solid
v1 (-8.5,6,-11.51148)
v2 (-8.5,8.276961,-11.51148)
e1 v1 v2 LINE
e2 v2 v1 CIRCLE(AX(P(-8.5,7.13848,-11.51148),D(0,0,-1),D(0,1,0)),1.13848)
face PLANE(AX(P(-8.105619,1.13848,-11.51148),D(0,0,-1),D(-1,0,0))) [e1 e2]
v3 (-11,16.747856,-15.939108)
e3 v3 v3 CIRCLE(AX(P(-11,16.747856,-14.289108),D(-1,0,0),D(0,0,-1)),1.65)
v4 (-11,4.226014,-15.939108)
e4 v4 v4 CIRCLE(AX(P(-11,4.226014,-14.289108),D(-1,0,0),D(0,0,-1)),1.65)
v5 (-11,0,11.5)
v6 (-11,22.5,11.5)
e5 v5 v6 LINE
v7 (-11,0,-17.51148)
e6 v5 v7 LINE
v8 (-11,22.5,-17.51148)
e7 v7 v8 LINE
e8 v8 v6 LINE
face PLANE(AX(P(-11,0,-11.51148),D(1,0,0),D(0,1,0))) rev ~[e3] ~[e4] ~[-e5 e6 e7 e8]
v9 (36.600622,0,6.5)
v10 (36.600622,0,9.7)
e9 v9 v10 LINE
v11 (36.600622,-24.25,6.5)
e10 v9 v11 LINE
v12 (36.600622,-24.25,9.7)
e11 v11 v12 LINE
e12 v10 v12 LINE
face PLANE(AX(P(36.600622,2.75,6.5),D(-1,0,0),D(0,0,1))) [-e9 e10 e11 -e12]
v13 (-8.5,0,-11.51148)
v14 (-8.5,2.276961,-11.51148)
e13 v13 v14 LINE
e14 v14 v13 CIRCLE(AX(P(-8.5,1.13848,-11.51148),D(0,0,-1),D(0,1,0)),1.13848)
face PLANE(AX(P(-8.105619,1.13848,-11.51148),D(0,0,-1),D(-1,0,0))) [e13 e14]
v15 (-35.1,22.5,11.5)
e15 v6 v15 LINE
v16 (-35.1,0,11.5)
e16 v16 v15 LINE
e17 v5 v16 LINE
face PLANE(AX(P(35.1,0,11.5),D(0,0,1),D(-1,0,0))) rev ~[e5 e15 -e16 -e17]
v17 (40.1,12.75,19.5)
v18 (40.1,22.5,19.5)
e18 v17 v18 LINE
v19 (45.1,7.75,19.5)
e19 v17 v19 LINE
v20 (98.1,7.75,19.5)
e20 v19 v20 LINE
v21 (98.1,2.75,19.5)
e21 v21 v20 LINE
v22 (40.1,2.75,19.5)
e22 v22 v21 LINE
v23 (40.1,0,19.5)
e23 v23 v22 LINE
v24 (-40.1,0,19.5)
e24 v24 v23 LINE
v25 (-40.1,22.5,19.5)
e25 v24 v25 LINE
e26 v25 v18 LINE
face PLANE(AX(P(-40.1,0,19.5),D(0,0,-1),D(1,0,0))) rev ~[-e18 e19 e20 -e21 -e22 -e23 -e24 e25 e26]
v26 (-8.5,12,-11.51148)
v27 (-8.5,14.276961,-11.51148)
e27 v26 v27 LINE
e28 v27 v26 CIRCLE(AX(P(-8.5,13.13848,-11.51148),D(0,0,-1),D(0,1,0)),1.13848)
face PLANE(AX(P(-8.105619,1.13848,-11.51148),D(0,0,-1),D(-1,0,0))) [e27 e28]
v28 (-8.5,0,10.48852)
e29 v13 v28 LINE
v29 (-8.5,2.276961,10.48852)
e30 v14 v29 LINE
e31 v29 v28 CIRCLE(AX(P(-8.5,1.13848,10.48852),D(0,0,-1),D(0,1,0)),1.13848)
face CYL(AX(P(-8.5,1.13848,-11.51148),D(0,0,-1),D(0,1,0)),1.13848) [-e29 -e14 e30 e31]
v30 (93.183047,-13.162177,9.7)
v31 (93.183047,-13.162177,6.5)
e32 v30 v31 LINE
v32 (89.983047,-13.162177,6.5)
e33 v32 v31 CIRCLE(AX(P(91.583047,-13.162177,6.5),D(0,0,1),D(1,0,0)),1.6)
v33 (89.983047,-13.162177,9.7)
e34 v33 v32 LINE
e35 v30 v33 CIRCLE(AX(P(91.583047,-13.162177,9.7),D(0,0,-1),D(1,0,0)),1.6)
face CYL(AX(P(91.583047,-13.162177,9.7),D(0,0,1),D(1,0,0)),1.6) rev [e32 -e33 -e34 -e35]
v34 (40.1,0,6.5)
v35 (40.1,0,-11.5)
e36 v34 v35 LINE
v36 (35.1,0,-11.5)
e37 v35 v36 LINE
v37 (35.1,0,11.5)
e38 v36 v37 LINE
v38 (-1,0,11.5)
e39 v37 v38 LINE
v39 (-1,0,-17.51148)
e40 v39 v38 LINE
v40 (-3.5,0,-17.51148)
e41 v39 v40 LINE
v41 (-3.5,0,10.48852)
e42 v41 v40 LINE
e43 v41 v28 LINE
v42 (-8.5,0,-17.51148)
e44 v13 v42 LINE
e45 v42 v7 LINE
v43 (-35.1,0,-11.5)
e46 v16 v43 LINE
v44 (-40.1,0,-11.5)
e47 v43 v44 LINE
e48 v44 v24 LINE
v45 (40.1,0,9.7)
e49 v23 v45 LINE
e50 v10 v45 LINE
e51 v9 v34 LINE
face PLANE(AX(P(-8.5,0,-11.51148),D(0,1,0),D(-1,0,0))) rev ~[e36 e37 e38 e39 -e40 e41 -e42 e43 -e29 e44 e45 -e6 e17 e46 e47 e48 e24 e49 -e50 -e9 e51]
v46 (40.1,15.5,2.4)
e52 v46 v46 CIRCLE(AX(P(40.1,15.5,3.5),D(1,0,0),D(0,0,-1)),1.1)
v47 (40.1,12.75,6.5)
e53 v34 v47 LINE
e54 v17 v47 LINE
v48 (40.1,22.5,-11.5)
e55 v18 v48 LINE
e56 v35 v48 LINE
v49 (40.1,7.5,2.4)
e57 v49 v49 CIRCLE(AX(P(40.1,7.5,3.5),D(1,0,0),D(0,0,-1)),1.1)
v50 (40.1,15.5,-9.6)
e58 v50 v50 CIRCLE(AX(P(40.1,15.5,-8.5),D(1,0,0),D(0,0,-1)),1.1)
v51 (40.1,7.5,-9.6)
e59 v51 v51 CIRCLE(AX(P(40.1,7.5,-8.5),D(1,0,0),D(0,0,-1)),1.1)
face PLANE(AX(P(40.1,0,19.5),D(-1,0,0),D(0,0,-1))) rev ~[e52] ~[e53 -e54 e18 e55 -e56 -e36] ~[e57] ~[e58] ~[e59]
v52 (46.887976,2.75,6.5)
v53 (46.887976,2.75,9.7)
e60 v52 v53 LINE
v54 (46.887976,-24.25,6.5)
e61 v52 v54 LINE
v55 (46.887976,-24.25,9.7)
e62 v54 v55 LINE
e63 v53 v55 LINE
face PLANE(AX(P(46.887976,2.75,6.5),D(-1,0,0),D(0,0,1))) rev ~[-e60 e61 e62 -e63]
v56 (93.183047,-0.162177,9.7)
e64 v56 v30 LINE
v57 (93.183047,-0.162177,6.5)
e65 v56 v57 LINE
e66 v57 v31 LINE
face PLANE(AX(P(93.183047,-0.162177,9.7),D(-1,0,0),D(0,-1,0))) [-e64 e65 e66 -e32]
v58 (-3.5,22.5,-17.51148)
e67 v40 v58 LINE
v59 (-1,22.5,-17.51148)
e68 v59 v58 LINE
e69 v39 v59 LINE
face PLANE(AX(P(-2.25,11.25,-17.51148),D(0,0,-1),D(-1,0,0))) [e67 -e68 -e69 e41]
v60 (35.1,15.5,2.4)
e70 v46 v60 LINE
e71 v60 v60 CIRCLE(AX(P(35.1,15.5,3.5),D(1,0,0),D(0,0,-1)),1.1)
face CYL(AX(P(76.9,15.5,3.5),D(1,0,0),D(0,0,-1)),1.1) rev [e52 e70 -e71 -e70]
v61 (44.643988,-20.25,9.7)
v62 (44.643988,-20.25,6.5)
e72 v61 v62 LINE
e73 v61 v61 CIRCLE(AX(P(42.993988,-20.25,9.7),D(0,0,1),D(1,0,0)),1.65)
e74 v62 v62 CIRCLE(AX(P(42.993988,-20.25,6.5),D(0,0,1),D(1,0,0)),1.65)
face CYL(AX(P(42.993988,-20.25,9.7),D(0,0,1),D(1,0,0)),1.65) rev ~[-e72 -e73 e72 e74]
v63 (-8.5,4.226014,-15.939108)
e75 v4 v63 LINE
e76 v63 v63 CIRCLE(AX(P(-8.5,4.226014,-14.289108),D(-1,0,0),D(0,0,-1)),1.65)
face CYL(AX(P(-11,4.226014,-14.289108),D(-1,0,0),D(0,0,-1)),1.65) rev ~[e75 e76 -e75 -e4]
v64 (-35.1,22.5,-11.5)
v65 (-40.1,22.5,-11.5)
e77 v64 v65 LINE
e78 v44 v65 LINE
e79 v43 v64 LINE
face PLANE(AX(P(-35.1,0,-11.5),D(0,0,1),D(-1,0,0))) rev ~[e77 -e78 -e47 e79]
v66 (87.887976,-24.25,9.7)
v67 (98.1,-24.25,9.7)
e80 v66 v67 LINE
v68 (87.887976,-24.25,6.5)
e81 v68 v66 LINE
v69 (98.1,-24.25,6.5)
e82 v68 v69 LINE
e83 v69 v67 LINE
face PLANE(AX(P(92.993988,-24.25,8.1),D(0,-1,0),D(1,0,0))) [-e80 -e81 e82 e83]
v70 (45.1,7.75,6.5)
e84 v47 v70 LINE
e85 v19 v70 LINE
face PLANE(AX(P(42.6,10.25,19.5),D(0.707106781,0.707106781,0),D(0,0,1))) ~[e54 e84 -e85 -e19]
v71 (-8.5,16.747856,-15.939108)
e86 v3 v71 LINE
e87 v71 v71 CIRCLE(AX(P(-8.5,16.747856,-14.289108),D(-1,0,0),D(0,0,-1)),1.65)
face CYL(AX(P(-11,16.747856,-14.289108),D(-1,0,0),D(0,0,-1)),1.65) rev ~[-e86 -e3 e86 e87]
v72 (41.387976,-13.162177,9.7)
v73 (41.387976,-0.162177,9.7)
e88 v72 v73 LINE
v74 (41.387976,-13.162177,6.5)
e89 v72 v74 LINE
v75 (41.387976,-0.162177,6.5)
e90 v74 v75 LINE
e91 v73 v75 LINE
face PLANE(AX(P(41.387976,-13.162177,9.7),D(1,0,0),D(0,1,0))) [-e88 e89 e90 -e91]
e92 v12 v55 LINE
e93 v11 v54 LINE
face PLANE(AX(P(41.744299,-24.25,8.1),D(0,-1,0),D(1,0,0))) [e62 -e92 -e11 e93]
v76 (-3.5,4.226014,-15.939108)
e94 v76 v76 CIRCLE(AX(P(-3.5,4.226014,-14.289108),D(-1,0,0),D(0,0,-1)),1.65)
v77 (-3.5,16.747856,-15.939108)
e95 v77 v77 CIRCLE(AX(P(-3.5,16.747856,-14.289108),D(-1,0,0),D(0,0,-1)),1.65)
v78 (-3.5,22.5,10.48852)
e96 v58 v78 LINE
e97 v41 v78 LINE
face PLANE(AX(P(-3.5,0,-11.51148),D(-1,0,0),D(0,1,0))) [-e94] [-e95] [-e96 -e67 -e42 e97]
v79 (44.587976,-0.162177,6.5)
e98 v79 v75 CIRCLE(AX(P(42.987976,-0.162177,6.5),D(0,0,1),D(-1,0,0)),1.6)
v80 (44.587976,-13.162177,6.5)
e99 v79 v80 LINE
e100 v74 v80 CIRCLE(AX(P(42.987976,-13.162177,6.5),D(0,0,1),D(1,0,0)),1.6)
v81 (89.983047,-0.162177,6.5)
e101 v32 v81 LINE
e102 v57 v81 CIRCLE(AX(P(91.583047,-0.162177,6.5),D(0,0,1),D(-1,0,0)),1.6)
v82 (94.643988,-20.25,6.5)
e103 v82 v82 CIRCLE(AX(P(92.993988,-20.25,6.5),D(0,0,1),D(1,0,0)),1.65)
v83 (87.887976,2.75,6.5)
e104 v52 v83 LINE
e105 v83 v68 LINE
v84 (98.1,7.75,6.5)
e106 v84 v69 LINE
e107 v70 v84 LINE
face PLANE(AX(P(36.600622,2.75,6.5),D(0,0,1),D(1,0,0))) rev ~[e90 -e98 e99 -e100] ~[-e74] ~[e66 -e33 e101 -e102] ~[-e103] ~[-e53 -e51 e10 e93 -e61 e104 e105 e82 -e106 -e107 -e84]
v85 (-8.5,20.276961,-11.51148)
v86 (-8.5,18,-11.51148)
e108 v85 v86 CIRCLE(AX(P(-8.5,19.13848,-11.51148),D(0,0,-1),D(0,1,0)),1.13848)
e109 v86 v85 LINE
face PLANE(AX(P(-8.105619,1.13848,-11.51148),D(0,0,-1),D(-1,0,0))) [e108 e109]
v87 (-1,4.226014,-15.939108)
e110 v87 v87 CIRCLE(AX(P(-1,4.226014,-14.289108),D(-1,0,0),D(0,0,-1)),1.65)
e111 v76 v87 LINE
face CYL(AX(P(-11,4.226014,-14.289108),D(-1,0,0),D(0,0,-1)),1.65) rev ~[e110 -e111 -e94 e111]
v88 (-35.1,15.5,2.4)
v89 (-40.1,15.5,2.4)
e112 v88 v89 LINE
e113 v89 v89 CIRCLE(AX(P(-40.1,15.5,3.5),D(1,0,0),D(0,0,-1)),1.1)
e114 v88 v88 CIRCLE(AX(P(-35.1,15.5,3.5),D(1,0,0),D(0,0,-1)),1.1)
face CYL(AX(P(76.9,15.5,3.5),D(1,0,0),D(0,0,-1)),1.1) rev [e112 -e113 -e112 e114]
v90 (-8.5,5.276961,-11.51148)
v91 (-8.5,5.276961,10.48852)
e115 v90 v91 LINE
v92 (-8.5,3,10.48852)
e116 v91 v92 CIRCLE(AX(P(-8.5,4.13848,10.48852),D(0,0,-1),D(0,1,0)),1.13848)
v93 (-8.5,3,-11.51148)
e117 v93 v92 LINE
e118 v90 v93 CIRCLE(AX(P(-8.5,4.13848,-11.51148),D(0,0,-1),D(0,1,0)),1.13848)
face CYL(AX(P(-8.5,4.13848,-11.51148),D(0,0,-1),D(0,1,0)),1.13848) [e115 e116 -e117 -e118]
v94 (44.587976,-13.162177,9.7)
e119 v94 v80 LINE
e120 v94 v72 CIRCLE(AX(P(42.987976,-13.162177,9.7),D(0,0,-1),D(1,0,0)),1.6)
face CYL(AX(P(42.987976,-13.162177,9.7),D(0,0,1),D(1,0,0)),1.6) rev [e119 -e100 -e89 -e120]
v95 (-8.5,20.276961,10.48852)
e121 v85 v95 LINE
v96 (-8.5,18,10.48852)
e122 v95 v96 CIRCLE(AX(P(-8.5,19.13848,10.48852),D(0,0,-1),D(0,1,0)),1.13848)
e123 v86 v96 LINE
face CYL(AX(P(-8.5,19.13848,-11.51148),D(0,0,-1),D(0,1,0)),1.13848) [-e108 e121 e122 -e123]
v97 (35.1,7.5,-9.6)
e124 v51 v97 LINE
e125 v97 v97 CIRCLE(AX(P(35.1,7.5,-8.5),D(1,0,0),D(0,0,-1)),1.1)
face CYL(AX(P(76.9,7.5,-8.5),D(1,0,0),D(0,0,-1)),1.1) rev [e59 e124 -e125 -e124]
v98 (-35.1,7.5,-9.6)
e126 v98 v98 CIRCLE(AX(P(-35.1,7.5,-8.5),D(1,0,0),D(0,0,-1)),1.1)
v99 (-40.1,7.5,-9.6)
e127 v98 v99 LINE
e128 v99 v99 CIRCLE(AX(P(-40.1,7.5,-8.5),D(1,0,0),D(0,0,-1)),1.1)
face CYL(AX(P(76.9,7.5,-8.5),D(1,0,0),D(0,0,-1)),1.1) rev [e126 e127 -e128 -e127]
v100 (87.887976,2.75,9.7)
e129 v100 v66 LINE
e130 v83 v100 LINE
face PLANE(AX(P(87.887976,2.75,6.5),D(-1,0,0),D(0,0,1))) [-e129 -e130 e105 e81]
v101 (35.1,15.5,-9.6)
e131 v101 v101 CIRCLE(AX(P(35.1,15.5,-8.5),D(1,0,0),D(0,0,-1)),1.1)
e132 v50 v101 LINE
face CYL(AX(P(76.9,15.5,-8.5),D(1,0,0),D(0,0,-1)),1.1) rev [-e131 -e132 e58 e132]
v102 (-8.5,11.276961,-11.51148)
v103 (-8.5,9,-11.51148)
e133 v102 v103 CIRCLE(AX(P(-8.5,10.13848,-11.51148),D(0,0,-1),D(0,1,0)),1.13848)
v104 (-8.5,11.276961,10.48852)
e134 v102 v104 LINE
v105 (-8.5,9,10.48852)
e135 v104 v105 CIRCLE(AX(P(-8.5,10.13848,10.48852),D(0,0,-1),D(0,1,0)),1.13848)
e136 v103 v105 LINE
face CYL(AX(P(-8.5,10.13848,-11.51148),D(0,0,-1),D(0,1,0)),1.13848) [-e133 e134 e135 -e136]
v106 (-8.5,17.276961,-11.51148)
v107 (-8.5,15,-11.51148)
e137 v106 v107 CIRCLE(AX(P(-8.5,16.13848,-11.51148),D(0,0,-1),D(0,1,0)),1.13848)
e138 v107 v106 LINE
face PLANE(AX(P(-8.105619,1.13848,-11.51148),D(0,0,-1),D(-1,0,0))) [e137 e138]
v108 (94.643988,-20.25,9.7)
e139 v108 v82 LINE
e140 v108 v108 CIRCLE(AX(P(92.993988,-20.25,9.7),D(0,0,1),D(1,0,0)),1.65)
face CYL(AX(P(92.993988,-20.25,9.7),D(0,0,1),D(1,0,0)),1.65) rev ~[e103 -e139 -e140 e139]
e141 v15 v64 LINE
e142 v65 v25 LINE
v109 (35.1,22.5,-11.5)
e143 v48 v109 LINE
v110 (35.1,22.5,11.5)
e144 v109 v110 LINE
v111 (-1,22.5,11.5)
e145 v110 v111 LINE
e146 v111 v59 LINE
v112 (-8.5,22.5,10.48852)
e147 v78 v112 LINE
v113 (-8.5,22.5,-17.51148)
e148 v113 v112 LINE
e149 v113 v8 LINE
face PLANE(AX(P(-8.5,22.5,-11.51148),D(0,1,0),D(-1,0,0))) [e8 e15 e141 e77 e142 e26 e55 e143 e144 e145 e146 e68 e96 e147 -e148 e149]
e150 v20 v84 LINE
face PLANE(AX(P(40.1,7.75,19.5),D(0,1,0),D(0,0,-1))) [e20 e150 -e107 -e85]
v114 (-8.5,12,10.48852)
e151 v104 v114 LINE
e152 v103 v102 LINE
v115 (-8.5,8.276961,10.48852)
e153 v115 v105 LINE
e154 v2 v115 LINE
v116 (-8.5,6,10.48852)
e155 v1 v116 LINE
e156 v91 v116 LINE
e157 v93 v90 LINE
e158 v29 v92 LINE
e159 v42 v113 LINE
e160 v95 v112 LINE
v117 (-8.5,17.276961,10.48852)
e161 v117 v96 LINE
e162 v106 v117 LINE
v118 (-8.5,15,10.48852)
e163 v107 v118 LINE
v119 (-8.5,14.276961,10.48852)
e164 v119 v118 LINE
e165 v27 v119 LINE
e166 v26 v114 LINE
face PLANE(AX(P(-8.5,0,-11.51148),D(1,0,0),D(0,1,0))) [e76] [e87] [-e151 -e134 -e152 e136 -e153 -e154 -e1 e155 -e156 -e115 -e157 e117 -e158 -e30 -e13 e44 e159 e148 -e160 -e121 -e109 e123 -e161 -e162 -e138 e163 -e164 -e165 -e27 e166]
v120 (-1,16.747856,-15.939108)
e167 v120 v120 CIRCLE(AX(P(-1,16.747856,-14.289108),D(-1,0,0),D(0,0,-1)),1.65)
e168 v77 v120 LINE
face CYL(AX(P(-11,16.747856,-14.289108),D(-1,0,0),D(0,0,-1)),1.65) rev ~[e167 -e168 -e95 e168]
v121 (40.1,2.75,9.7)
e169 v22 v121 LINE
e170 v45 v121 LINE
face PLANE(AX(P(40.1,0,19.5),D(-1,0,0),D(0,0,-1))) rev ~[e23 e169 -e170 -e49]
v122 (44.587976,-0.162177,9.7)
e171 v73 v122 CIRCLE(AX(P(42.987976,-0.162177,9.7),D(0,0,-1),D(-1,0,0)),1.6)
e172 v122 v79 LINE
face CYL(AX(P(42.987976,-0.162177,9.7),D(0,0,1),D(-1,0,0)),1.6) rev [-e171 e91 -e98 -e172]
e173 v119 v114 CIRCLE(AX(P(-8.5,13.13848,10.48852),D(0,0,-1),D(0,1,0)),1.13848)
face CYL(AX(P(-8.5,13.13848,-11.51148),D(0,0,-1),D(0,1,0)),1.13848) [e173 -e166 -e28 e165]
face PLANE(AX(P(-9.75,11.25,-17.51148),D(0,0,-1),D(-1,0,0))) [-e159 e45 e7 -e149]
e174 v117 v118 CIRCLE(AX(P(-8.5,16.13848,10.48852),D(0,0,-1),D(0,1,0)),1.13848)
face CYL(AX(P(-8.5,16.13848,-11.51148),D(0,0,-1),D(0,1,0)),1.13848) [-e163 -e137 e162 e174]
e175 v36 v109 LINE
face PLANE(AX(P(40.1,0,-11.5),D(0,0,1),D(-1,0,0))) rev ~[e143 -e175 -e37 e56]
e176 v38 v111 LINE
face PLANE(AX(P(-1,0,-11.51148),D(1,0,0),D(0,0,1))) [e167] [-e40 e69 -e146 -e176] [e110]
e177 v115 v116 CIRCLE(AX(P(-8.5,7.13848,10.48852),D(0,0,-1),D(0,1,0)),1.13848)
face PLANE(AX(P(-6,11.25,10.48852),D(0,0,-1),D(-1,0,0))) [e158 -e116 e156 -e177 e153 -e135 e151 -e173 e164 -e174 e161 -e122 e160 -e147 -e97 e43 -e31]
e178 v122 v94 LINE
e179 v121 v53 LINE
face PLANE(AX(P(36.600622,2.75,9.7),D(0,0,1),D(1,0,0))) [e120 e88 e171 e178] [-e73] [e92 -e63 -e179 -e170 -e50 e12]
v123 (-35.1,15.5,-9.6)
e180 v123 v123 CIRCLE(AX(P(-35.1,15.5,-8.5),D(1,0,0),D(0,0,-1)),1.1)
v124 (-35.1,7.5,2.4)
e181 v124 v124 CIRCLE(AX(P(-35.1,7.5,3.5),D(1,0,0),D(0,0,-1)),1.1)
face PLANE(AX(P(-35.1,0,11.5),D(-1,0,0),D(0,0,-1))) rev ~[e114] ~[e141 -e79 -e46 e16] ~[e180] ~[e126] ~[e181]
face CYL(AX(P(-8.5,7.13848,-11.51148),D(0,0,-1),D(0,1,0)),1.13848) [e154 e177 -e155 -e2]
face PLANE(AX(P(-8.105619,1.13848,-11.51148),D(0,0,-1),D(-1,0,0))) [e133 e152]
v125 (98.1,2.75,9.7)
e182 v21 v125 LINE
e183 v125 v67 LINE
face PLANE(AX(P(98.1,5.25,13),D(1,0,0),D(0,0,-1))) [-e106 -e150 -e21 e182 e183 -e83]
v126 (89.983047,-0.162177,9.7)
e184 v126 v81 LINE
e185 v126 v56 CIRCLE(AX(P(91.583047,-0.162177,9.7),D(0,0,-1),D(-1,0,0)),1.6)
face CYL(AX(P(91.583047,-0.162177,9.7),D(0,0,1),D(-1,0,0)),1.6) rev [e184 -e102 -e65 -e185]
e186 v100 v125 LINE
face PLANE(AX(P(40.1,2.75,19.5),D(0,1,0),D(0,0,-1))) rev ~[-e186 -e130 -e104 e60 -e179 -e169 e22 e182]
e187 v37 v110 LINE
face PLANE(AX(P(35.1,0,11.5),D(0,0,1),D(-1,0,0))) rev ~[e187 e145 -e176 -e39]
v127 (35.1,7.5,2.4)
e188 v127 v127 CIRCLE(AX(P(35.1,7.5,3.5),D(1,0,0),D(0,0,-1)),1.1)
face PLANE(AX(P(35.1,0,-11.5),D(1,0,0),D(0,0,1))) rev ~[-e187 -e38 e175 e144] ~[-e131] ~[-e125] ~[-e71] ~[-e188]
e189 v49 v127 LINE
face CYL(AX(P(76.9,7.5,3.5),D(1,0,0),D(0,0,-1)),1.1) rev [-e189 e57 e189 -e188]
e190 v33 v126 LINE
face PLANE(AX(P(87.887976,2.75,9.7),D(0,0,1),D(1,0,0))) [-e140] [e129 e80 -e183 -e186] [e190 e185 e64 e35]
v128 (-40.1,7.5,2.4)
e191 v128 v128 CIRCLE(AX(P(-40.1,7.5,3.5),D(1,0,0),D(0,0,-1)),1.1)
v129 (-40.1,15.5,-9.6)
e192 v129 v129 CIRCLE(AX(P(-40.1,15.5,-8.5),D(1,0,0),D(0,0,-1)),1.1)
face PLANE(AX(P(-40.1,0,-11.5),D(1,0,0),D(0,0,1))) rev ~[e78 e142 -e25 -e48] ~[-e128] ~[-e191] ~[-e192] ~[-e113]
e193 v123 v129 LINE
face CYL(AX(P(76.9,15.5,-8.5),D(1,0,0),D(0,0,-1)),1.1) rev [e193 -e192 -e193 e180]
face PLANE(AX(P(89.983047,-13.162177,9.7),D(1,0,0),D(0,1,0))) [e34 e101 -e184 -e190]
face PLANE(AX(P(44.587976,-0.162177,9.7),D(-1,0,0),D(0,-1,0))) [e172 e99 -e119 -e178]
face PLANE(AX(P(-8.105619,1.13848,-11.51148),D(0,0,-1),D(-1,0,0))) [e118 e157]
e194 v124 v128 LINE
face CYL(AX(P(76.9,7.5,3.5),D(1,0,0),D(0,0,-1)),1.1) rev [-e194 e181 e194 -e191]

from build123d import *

# Parameters (mm, degrees)
EXTRUDE_1_DEPTH          = 22.5
CUT_EXTRUDE_1_DEPTH      = 55
CUT_EXTRUDE_1_DEPTH_BACK = 117
SKETCH_2_R               = 1.1
SKETCH_5_W               = 13
SKETCH_5_H               = 5
EXTRUDE_4_DEPTH          = 58
CHAMFER_1_SIZE           = 5
SKETCH_6_W               = 10.28735427
SKETCH_6_H               = 3.2
SKETCH_6_W_2             = 10.2120241
EXTRUDE_5_DEPTH          = 27
CUT_EXTRUDE_2_DEPTH      = 27
SKETCH_8_R               = 1.65
CUT_EXTRUDE_3_DEPTH      = 27
SKETCH_11_W              = 10
SKETCH_11_H              = 23.011480114
EXTRUDE_6_DEPTH          = 22.5
SKETCH_12_W              = 5
SKETCH_12_H              = 22.5
CUT_EXTRUDE_5_DEPTH      = 22
EXTRUDE_8_DEPTH          = 22
SKETCH_16_W              = 2.5
SKETCH_16_H              = 22.5
EXTRUDE_9_DEPTH          = 6
SKETCH_17_R              = 1.65
CUT_EXTRUDE_7_DEPTH      = 14


with BuildPart() as part:
    # 草图1 → 凸台-拉伸1 (new body)
    with BuildSketch(Plane(origin=(0, 0, 0), x_dir=(1, 0, 0), z_dir=(0, 1, 0))):
        Polygon((40.1, -19.5), (40.1, 11.5), (35.1, 11.5), (35.1, -11.5), (-35.1, -11.5), (-35.1, 11.5), (-40.1, 11.5), (-40.1, -19.5), align=None)
    extrude(amount=EXTRUDE_1_DEPTH)

    # 草图2 → 切除-拉伸1 (cut, two sides: drawn at the far end of the back side and taken through both)
    with BuildSketch(Plane.ZY.offset(40.1).offset(-CUT_EXTRUDE_1_DEPTH_BACK)):
        with Locations(Location((-8.5, 15.5, 0), (0, 0, 180))):
            Circle(SKETCH_2_R)
        with Locations(Location((3.5, 15.5, 0), (0, 0, 180))):
            Circle(SKETCH_2_R)
        with Locations(Location((3.5, 7.5, 0), (0, 0, 180))):
            Circle(SKETCH_2_R)
        with Locations(Location((-8.5, 7.5, 0), (0, 0, 180))):
            Circle(SKETCH_2_R)
    extrude(amount=CUT_EXTRUDE_1_DEPTH + CUT_EXTRUDE_1_DEPTH_BACK, mode=Mode.SUBTRACT)

    # 草图5 → 凸台-拉伸4 (add)
    with BuildSketch(Plane(origin=(40.1, 0, 0), x_dir=(0, 0, -1), z_dir=(1, 0, 0))):
        with Locations((-13, 5.25)):
            Rectangle(SKETCH_5_W, SKETCH_5_H)
    extrude(amount=EXTRUDE_4_DEPTH)

    # 倒角1
    chamfer_1_edges = [part.edges().sort_by_distance(p)[0] for p in [
        (40.1, 7.75, 13),
    ]]
    chamfer(chamfer_1_edges, length=CHAMFER_1_SIZE)

    # 草图6 → 凸台-拉伸5 (add)
    with BuildSketch(Plane.XZ.offset(-2.75)):
        with Locations((41.744298765, 8.1)):
            Rectangle(SKETCH_6_W, SKETCH_6_H)
        with Locations((92.99398795, 8.1)):
            Rectangle(SKETCH_6_W_2, SKETCH_6_H)
    extrude(amount=EXTRUDE_5_DEPTH)

    # 草图7 → 切除-拉伸2 (cut)
    with BuildSketch(Plane.XY.offset(9.7)):
        with BuildLine():
            Line((89.983046701, -13.162177047), (89.983046701, -0.162177047))
            ThreePointArc((89.983046701, -0.162177047), (91.583046701, 1.437822953), (93.183046701, -0.162177047))
            Line((93.183046701, -0.162177047), (93.183046701, -13.162177047))
            ThreePointArc((93.183046701, -13.162177047), (91.583046701, -14.762177047), (89.983046701, -13.162177047))
        make_face()
        with BuildLine():
            Line((41.3879759, -13.162177047), (41.3879759, -0.162177047))
            ThreePointArc((41.3879759, -0.162177047), (42.9879759, 1.437822953), (44.5879759, -0.162177047))
            Line((44.5879759, -0.162177047), (44.5879759, -13.162177047))
            ThreePointArc((44.5879759, -13.162177047), (42.9879759, -14.762177047), (41.3879759, -13.162177047))
        make_face()
    extrude(amount=-CUT_EXTRUDE_2_DEPTH, mode=Mode.SUBTRACT)

    # 草图8 → 切除-拉伸3 (cut)
    with BuildSketch(Plane.XY.offset(9.7)):
        with Locations((92.99398795, -20.25)):
            Circle(SKETCH_8_R)
        with Locations((42.99398795, -20.25)):
            Circle(SKETCH_8_R)
    extrude(amount=-CUT_EXTRUDE_3_DEPTH, mode=Mode.SUBTRACT)

    # 草图11 → 凸台-拉伸6 (add)
    with BuildSketch(Plane.XZ):
        with Locations((-6, -0.005740057)):
            Rectangle(SKETCH_11_W, SKETCH_11_H)
    extrude(amount=-EXTRUDE_6_DEPTH)

    # 草图12 → 切除-拉伸5 (cut)
    with BuildSketch(Plane(origin=(0, 0, -11.511480114), x_dir=(-1, 0, 0), z_dir=(0, 0, -1))):
        with Locations((6, 11.25)):
            Rectangle(SKETCH_12_W, SKETCH_12_H)
    extrude(amount=-CUT_EXTRUDE_5_DEPTH, mode=Mode.SUBTRACT)

    # 草图14 → 凸台-拉伸8 (add)
    with BuildSketch(Plane(origin=(0, 0, -11.511480114), x_dir=(-1, 0, 0), z_dir=(0, 0, -1))):
        with BuildLine():
            ThreePointArc((8.5, 2.276960614), (7.361519693, 1.138480307), (8.5, 0))
            Line((8.5, 0), (8.5, 2.276960614))
        make_face()
        with BuildLine():
            ThreePointArc((8.5, 5.276960614), (7.361519693, 4.138480307), (8.5, 3))
            Line((8.5, 3), (8.5, 5.276960614))
        make_face()
        with BuildLine():
            ThreePointArc((8.5, 8.276960614), (7.361519693, 7.138480307), (8.5, 6))
            Line((8.5, 6), (8.5, 8.276960614))
        make_face()
        with BuildLine():
            ThreePointArc((8.5, 11.276960614), (7.361519693, 10.138480307), (8.5, 9))
            Line((8.5, 9), (8.5, 11.276960614))
        make_face()
        with BuildLine():
            ThreePointArc((8.5, 17.276960614), (7.361519693, 16.138480307), (8.5, 15))
            Line((8.5, 15), (8.5, 17.276960614))
        make_face()
        with BuildLine():
            ThreePointArc((8.5, 20.276960614), (7.361519693, 19.138480307), (8.5, 18))
            Line((8.5, 18), (8.5, 20.276960614))
        make_face()
        with BuildLine():
            ThreePointArc((8.5, 14.276960614), (7.361519693, 13.138480307), (8.5, 12))
            Line((8.5, 12), (8.5, 14.276960614))
        make_face()
    extrude(amount=-EXTRUDE_8_DEPTH)

    # 草图16 → 凸台-拉伸9 (add)
    with BuildSketch(Plane(origin=(0, 0, -11.511480114), x_dir=(-1, 0, 0), z_dir=(0, 0, -1))):
        with Locations((9.75, 11.25)):
            Rectangle(SKETCH_16_W, SKETCH_16_H)
        with Locations((2.25, 11.25)):
            Rectangle(SKETCH_16_W, SKETCH_16_H)
    extrude(amount=EXTRUDE_9_DEPTH)

    # 草图17 → 切除-拉伸7 (cut)
    with BuildSketch(Plane.ZY.offset(11)):
        with Locations(Location((-14.289107962, 4.226014106, 0), (0, 0, 180))):
            Circle(SKETCH_17_R)
        with Locations(Location((-14.289107962, 16.747856376, 0), (0, 0, 180))):
            Circle(SKETCH_17_R)
    extrude(amount=-CUT_EXTRUDE_7_DEPTH, mode=Mode.SUBTRACT)


solid = part.part
